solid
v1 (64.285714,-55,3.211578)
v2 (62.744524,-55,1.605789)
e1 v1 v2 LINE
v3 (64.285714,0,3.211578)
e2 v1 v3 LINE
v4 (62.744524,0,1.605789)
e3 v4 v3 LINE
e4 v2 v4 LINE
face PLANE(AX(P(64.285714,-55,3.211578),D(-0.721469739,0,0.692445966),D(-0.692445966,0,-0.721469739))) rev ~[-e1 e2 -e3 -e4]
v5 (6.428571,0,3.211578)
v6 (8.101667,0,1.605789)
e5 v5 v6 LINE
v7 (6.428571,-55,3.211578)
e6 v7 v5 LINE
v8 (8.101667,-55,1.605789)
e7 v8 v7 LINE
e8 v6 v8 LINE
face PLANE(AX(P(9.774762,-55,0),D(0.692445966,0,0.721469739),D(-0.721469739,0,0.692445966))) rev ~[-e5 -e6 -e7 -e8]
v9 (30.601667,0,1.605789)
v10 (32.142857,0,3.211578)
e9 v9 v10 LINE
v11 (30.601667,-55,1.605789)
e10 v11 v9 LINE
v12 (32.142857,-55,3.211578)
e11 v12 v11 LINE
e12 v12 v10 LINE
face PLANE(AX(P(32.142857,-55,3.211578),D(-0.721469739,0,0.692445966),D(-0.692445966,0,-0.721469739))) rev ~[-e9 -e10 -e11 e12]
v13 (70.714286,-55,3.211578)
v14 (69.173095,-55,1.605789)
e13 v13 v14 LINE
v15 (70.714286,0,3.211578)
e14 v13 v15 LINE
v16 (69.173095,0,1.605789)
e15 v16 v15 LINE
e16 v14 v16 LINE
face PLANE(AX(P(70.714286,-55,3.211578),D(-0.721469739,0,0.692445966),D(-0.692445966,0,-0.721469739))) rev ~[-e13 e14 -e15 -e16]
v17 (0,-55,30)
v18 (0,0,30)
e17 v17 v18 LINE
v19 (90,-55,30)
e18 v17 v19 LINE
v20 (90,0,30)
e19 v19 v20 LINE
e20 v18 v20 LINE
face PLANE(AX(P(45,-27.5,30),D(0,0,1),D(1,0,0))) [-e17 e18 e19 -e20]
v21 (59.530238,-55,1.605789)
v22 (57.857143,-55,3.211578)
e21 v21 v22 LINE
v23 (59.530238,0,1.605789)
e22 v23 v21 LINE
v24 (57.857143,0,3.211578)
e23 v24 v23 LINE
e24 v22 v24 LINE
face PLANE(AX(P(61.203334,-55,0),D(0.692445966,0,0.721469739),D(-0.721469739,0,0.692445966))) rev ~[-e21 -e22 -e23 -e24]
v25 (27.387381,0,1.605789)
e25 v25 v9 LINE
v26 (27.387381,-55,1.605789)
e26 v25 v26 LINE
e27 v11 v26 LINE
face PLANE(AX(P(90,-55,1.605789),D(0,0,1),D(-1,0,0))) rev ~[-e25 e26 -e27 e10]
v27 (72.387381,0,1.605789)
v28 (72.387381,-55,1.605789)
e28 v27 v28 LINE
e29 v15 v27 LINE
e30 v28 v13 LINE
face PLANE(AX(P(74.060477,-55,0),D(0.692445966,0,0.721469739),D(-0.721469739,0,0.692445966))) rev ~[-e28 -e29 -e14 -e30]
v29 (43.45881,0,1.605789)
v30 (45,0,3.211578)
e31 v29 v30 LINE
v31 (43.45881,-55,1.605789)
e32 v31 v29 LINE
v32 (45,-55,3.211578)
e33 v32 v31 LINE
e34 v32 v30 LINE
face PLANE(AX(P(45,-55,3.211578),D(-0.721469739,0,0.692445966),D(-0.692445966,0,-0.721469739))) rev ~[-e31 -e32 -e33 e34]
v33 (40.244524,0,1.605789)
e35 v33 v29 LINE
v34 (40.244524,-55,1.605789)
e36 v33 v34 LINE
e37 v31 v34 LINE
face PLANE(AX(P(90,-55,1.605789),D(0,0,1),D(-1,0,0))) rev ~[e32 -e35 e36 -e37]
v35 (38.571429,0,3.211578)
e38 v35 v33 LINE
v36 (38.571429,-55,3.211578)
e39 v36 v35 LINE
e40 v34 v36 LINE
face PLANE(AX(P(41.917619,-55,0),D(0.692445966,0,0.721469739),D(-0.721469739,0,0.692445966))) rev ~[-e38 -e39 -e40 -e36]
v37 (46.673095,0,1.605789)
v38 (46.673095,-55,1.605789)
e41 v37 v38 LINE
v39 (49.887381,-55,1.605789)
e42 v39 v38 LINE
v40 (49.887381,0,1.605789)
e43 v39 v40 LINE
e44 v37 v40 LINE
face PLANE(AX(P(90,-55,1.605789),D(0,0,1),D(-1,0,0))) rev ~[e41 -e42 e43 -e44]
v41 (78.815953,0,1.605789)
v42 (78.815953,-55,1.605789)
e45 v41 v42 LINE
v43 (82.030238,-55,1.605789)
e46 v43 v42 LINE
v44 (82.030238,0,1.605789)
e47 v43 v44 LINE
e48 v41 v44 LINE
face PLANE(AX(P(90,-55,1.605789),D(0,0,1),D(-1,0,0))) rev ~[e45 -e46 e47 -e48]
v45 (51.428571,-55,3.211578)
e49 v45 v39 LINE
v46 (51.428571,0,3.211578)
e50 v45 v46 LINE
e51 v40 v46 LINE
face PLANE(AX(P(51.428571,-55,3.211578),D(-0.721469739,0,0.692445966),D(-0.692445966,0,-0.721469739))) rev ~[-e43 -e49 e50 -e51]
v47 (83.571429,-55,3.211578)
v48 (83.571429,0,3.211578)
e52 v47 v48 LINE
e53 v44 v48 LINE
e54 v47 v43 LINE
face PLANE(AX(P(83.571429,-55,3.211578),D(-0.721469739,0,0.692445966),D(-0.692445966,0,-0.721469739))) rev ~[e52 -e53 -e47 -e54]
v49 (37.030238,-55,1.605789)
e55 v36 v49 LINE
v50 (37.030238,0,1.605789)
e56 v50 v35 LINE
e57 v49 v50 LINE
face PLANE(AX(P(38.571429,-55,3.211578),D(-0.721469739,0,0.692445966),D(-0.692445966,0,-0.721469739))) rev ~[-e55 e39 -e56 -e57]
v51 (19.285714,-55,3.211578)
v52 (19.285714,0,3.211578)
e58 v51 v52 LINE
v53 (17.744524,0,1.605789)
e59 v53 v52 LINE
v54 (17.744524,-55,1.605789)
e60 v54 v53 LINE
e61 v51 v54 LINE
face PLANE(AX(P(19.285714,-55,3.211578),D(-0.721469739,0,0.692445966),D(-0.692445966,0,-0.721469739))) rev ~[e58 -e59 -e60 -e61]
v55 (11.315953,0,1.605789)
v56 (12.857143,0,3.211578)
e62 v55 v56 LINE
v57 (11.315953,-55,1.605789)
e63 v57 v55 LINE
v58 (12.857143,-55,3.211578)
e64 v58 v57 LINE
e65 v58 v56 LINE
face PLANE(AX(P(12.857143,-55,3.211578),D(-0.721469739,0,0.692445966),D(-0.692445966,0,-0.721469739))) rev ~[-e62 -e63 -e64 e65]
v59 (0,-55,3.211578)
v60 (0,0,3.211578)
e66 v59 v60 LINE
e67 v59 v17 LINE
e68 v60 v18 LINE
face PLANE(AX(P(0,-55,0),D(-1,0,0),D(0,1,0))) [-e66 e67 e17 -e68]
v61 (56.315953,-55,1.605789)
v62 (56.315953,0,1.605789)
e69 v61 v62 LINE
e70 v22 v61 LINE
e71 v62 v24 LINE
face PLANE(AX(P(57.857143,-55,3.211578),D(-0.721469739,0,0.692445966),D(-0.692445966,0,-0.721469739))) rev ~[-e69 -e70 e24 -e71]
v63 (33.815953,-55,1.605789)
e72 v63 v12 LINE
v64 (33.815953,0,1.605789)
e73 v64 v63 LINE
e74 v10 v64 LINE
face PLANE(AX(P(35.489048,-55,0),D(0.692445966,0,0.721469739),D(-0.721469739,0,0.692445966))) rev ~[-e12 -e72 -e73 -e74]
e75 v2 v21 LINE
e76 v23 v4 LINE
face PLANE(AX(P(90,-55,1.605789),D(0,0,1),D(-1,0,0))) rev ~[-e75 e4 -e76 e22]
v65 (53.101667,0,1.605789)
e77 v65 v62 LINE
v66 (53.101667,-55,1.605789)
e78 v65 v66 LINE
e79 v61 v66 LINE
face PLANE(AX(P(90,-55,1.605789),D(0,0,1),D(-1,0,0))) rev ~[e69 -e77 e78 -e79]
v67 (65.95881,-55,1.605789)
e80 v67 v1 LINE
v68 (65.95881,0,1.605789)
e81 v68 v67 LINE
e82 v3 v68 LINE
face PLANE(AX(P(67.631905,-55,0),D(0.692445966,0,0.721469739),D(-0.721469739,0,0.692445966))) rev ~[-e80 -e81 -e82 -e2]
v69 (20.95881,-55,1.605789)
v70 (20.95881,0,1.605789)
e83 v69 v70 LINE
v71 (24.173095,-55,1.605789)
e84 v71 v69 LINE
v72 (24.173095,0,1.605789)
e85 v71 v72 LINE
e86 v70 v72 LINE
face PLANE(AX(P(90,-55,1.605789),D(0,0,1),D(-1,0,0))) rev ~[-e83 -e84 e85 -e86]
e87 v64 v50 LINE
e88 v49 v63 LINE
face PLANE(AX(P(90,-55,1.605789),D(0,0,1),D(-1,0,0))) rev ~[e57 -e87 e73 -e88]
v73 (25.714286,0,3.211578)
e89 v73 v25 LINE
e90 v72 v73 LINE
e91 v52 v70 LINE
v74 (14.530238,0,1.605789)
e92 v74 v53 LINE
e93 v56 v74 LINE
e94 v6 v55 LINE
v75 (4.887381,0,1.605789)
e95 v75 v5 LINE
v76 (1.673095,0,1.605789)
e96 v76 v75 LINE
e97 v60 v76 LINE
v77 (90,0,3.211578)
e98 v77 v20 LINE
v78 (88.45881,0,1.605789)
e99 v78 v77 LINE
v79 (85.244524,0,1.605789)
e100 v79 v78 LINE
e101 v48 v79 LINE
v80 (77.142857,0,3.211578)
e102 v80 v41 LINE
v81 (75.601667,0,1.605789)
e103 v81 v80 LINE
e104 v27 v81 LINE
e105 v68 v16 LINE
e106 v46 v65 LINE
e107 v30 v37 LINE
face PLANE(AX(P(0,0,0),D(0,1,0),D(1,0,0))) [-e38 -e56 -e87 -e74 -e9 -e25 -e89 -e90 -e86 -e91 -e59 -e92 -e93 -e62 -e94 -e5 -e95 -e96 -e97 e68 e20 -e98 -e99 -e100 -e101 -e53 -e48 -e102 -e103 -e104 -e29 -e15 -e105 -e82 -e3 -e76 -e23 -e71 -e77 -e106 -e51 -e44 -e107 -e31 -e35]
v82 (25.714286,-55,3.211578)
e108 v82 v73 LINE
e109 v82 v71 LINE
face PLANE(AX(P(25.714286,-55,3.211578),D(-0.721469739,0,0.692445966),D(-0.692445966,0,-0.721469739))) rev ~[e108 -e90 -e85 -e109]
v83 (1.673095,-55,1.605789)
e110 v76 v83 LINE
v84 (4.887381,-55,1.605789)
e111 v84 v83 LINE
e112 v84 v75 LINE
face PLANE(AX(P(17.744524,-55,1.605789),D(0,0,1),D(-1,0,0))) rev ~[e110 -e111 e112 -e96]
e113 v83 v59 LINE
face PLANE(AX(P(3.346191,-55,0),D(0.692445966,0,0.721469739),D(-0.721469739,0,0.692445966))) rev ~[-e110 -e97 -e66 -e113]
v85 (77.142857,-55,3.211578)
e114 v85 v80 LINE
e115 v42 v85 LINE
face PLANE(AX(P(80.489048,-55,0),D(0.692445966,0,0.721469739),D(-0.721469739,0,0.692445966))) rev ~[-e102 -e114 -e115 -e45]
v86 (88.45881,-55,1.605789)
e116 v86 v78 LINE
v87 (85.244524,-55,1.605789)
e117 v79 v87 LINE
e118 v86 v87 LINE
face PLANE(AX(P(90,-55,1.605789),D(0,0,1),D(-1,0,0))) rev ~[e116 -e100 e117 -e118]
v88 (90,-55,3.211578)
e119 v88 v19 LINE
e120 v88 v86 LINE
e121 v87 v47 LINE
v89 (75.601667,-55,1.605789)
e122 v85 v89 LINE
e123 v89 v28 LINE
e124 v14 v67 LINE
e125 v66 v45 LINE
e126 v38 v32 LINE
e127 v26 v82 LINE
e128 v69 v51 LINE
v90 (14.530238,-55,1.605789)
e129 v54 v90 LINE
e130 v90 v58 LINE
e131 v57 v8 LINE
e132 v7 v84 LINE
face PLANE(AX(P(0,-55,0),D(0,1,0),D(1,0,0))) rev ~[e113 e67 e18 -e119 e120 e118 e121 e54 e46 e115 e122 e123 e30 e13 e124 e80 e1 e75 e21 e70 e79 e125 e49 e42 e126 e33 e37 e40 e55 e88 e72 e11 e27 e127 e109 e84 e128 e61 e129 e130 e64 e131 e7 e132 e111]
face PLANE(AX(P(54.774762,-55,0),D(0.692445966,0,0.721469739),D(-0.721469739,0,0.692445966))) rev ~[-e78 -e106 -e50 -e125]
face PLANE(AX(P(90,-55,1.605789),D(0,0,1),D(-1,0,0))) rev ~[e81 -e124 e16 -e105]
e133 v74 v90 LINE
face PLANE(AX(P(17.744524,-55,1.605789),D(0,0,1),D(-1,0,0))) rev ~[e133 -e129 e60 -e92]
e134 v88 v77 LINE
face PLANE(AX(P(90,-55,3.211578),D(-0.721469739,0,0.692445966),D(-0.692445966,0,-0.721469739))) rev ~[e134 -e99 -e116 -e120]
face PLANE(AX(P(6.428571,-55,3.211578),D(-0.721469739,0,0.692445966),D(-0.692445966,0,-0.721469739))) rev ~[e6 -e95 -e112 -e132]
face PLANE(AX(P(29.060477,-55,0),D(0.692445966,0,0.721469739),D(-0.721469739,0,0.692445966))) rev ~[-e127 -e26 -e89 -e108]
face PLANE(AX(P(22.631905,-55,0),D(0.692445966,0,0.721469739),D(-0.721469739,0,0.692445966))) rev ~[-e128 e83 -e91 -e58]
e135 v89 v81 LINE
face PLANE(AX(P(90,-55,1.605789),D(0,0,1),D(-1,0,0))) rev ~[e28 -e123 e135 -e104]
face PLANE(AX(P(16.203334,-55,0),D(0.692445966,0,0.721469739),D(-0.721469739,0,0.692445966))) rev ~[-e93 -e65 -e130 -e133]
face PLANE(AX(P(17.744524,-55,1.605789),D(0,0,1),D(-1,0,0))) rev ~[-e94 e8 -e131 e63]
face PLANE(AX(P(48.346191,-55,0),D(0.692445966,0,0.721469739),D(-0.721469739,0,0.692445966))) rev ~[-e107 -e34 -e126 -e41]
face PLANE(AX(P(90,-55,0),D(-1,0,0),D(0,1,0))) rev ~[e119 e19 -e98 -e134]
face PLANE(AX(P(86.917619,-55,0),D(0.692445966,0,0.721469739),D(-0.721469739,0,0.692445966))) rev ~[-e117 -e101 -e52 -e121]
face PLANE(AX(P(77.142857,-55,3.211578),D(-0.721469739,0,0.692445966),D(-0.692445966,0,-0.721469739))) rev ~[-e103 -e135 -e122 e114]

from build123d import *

# Parameters (mm, degrees)
F0_W     = 90
F0_H     = 55
F1_DEPTH = 30
F3_DEPTH = 90
F5_DEPTH = 60


with BuildPart() as f1:
    # F0 (on Top) → F1 (new body)
    with BuildSketch(Plane.XY):
        with Locations((45, -27.5)):
            Rectangle(F0_W, F0_H)
    extrude(amount=F1_DEPTH)

    # F2 (on face) → F3 (cut)
    with BuildSketch(Plane.XZ.offset(55)):
        Polygon((3.3461908971, 0), (0, 3.2115780663), (0, 0), align=None)
        Polygon((6.4285714286, 3.2115780663), (3.3461908971, 0), (9.7747623256, 0), align=None)
        Polygon((12.8571428571, 3.2115780663), (9.7747623256, 0), (16.2033337542, 0), align=None)
        Polygon((19.2857142857, 3.2115780663), (16.2033337542, 0), (22.6319051828, 0), align=None)
        Polygon((25.7142857143, 3.2115780663), (22.6319051828, 0), (29.0604766113, 0), align=None)
        Polygon((32.1428571429, 3.2115780663), (29.0604766113, 0), (35.4890480399, 0), align=None)
        Polygon((38.5714285714, 3.2115780663), (35.4890480399, 0), (41.9176194685, 0), align=None)
        Polygon((45, 3.2115780663), (41.9176194685, 0), (48.3461908971, 0), align=None)
        Polygon((51.4285714286, 3.2115780663), (48.3461908971, 0), (54.7747623256, 0), align=None)
        Polygon((54.7747623256, 0), (61.2033337542, 0), (57.8571428571, 3.2115780663), align=None)
        Polygon((61.2033337542, 0), (67.6319051828, 0), (64.2857142857, 3.2115780663), align=None)
        Polygon((67.6319051828, 0), (74.0604766113, 0), (70.7142857143, 3.2115780663), align=None)
        Polygon((74.0604766113, 0), (80.4890480399, 0), (77.1428571429, 3.2115780663), align=None)
        Polygon((80.4890480399, 0), (86.9176194685, 0), (83.5714285714, 3.2115780663), align=None)
        Polygon((90, 0), (90, 3.2115780663), (86.9176194685, 0), align=None)
    extrude(amount=-F3_DEPTH, mode=Mode.SUBTRACT)

    # F4 (on face) → F5 (cut)
    with BuildSketch(Plane.XZ.offset(55)):
        Polygon((0, 1.6057890331), (0, 0), (3.3461908971, 0), (1.6730954485, 1.6057890331), align=None)
        Polygon((90, 1.6057890331), (88.4588097342, 1.6057890331), (86.9176194685, 0), (90, 0), align=None)
        Polygon((4.8873811628, 1.6057890331), (3.3461908971, 0), (9.7747623256, 0), (8.1016668771, 1.6057890331), align=None)
        Polygon((11.3159525914, 1.6057890331), (9.7747623256, 0), (16.2033337542, 0), (14.5302383057, 1.6057890331), align=None)
        Polygon((24.1730954485, 1.6057890331), (22.6319051828, 0), (29.0604766113, 0), (27.3873811628, 1.6057890331), align=None)
        Polygon((30.6016668771, 1.6057890331), (29.0604766113, 0), (35.4890480399, 0), (33.8159525914, 1.6057890331), align=None)
        Polygon((37.0302383057, 1.6057890331), (35.4890480399, 0), (41.9176194685, 0), (40.24452402, 1.6057890331), align=None)
        Polygon((43.4588097342, 1.6057890331), (41.9176194685, 0), (48.3461908971, 0), (46.6730954485, 1.6057890331), align=None)
        Polygon((49.8873811628, 1.6057890331), (48.3461908971, 0), (54.7747623256, 0), (53.1016668771, 1.6057890331), align=None)
        Polygon((56.3159525914, 1.6057890331), (54.7747623256, 0), (61.2033337542, 0), (59.5302383057, 1.6057890331), align=None)
        Polygon((62.74452402, 1.6057890331), (61.2033337542, 0), (67.6319051828, 0), (65.9588097342, 1.6057890331), align=None)
        Polygon((67.6319051828, 0), (74.0604766113, 0), (72.3873811628, 1.6057890331), (69.1730954485, 1.6057890331), align=None)
        Polygon((74.0604766113, 0), (80.4890480399, 0), (78.8159525914, 1.6057890331), (75.6016668771, 1.6057890331), align=None)
        Polygon((86.9176194685, 0), (85.24452402, 1.6057890331), (82.0302383057, 1.6057890331), (80.4890480399, 0), align=None)
        Polygon((1.6730954485, 1.6057890331), (3.3461908971, 0), (4.8873811628, 1.6057890331), align=None)
        Polygon((8.1016668771, 1.6057890331), (9.7747623256, 0), (11.3159525914, 1.6057890331), align=None)
        Polygon((14.5302383057, 1.6057890331), (16.2033337542, 0), (17.74452402, 1.6057890331), align=None)
        Polygon((20.9588097342, 1.6057890331), (22.6319051828, 0), (24.1730954485, 1.6057890331), align=None)
        Polygon((27.3873811628, 1.6057890331), (29.0604766113, 0), (30.6016668771, 1.6057890331), align=None)
        Polygon((33.8159525914, 1.6057890331), (35.4890480399, 0), (37.0302383057, 1.6057890331), align=None)
        Polygon((40.24452402, 1.6057890331), (41.9176194685, 0), (43.4588097342, 1.6057890331), align=None)
        Polygon((46.6730954485, 1.6057890331), (48.3461908971, 0), (49.8873811628, 1.6057890331), align=None)
        Polygon((53.1016668771, 1.6057890331), (54.7747623256, 0), (56.3159525914, 1.6057890331), align=None)
        Polygon((59.5302383057, 1.6057890331), (61.2033337542, 0), (62.74452402, 1.6057890331), align=None)
        Polygon((65.9588097342, 1.6057890331), (67.6319051828, 0), (69.1730954485, 1.6057890331), align=None)
        Polygon((72.3873811628, 1.6057890331), (74.0604766113, 0), (75.6016668771, 1.6057890331), align=None)
        Polygon((80.4890480399, 0), (82.0302383057, 1.6057890331), (78.8159525914, 1.6057890331), align=None)
        Polygon((86.9176194685, 0), (88.4588097342, 1.6057890331), (85.24452402, 1.6057890331), align=None)
    extrude(amount=-F5_DEPTH, mode=Mode.SUBTRACT)


solid = f1.part
